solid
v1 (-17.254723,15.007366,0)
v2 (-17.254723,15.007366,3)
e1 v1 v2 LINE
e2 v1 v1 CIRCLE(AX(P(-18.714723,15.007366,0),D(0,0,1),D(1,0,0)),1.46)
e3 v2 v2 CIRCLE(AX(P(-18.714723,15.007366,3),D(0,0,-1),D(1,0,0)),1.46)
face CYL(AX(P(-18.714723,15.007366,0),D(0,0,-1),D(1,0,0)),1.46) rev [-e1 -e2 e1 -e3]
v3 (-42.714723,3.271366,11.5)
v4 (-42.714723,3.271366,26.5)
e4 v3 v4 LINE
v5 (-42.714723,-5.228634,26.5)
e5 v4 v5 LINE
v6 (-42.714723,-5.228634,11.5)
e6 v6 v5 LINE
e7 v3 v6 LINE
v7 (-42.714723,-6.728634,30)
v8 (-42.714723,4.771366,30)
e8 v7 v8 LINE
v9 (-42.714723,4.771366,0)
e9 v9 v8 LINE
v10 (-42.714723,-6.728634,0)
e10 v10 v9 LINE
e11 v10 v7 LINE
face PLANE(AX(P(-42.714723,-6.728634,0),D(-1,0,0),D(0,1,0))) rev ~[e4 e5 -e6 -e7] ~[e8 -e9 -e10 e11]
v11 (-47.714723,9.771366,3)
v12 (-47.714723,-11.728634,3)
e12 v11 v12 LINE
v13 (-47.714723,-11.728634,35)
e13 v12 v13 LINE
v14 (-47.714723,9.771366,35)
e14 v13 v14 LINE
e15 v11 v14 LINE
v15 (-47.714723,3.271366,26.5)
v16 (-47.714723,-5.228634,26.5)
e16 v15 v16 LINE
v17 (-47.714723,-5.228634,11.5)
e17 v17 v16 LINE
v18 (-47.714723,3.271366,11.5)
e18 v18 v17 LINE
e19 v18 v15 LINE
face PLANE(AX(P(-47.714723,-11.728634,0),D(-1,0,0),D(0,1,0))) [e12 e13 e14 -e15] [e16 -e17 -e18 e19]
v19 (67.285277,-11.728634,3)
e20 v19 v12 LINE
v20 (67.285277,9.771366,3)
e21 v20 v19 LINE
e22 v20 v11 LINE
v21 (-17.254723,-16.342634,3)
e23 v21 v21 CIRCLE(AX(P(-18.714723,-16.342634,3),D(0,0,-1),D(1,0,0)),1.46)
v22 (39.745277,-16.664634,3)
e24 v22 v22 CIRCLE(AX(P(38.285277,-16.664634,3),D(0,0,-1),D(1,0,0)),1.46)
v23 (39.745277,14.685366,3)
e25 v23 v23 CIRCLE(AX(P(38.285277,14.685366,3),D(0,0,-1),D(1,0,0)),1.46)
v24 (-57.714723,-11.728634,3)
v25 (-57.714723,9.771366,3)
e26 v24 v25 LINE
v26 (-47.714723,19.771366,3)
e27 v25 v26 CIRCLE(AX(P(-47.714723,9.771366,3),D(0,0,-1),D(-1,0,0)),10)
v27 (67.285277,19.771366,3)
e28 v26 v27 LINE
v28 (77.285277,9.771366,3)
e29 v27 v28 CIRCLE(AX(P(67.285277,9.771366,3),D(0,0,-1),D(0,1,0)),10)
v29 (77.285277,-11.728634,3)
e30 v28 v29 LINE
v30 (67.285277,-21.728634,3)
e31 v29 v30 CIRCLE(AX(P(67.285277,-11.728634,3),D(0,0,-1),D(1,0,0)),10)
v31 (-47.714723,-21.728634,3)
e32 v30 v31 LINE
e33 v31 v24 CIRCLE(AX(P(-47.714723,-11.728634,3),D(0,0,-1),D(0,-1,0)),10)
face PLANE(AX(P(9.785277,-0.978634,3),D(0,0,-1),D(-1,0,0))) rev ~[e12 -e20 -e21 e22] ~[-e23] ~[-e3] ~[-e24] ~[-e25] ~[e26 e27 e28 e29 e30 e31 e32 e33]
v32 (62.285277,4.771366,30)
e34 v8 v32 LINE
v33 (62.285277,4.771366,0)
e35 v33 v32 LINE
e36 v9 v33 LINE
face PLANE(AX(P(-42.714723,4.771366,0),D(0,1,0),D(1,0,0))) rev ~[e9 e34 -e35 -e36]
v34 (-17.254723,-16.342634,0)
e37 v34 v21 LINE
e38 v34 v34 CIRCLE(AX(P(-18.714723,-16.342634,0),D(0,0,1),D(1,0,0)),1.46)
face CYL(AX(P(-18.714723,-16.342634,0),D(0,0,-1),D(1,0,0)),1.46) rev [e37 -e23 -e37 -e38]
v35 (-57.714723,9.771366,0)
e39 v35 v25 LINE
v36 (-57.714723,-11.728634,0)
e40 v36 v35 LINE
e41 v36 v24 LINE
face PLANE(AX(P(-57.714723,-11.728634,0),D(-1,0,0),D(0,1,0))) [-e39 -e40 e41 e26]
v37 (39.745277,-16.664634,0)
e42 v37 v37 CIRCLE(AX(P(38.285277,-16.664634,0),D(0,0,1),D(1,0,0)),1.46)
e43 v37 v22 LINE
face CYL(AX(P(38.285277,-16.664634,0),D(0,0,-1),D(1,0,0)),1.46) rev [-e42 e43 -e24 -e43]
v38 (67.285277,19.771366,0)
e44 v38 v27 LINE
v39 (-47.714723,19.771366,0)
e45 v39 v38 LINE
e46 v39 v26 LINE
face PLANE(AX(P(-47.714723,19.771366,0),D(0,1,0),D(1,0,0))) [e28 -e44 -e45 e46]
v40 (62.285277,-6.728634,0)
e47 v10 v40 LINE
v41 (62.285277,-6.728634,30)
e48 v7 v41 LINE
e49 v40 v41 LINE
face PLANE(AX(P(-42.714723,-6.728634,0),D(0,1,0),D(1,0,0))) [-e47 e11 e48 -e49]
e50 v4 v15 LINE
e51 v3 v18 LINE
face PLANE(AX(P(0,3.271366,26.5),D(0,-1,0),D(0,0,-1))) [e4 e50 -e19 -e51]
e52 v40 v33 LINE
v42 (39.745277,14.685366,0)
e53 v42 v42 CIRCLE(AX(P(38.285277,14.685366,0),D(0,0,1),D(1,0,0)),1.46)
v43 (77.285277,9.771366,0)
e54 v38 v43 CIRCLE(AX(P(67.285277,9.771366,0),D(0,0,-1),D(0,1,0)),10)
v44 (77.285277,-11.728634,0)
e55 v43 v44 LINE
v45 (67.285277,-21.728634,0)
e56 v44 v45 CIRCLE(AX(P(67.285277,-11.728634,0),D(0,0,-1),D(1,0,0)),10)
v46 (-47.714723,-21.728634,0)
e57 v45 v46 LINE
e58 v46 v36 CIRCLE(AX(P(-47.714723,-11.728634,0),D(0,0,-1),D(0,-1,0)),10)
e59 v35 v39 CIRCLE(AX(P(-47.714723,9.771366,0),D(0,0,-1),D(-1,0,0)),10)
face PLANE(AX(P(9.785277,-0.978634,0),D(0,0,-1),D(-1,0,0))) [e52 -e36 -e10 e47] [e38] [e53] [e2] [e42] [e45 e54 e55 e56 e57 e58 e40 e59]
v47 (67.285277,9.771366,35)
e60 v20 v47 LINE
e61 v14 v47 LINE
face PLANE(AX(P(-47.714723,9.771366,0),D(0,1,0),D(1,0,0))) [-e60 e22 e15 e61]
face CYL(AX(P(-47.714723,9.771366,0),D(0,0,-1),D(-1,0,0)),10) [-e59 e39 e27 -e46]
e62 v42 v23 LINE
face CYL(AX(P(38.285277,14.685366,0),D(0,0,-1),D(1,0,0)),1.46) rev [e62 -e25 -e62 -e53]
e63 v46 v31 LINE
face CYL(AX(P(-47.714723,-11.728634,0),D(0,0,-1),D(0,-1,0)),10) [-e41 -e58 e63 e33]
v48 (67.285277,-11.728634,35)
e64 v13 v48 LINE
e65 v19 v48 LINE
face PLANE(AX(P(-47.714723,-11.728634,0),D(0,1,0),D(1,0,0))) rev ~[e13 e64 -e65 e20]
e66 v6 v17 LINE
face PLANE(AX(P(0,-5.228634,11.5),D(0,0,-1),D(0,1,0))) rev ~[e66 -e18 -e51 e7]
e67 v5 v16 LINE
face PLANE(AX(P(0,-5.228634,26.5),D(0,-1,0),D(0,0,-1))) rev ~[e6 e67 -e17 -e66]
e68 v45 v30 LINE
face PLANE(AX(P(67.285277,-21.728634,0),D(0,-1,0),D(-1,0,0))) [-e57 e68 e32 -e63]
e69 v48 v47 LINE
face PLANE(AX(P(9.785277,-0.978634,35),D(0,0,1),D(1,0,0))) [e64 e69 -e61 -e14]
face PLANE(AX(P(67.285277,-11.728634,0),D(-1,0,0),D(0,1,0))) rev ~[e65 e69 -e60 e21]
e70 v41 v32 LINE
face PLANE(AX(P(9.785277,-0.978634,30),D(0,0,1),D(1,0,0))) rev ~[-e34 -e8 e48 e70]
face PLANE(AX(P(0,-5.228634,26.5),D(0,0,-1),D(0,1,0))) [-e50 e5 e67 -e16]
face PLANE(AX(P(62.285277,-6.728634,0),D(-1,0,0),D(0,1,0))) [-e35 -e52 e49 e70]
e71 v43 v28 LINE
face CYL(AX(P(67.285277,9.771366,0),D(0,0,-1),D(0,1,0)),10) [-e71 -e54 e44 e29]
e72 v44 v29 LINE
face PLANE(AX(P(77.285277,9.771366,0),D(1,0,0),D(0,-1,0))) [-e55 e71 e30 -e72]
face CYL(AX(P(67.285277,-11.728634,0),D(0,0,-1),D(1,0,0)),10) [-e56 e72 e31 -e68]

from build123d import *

# Parameters (mm, degrees)
SKETCH2_W           = 115
SKETCH2_H           = 21.5
BOSS_EXTRUDE1_DEPTH = 35
BOSS_EXTRUDE2_DEPTH = 3
SKETCH8_W           = 105
SKETCH8_H           = 11.5
CUT_EXTRUDE2_DEPTH  = 30
SKETCH9_R           = 1.46
CUT_EXTRUDE3_DEPTH  = 33
SKETCH10_W          = 15
SKETCH10_H          = 8.5
CUT_EXTRUDE4_DEPTH  = 88


with BuildPart() as part:
    # Sketch2 → Boss-Extrude1 (new body)
    with BuildSketch(Plane.XY):
        with Locations((9.785277127, -0.97863388)):
            Rectangle(SKETCH2_W, SKETCH2_H)
    extrude(amount=BOSS_EXTRUDE1_DEPTH)

    # Sketch7 → Boss-Extrude2 (add)
    with BuildSketch(Plane.XY):
        with BuildLine():
            Line((-47.714722873, 19.77136612), (67.285277127, 19.77136612))
            ThreePointArc((67.285277127, 19.77136612), (74.356344939, 16.842433932), (77.285277127, 9.77136612))
            Line((77.285277127, 9.77136612), (77.285277127, -11.72863388))
            ThreePointArc((77.285277127, -11.72863388), (74.356344939, -18.799701692), (67.285277127, -21.72863388))
            Line((67.285277127, -21.72863388), (-47.714722873, -21.72863388))
            ThreePointArc((-47.714722873, -21.72863388), (-54.785790685, -18.799701692), (-57.714722873, -11.72863388))
            Line((-57.714722873, -11.72863388), (-57.714722873, 9.77136612))
            ThreePointArc((-57.714722873, 9.77136612), (-54.785790685, 16.842433932), (-47.714722873, 19.77136612))
        make_face()
    extrude(amount=BOSS_EXTRUDE2_DEPTH)

    # Sketch8 → Cut-Extrude2 (cut)
    with BuildSketch(Plane.XY):
        with Locations((9.785277127, -0.97863388)):
            Rectangle(SKETCH8_W, SKETCH8_H)
    extrude(amount=CUT_EXTRUDE2_DEPTH, mode=Mode.SUBTRACT)

    # Sketch9 → Cut-Extrude3 (cut)
    with BuildSketch(Plane.XY):
        with Locations((38.285277127, 14.68536612)):
            Circle(SKETCH9_R)
        with Locations((-18.714722873, 15.00736612)):
            Circle(SKETCH9_R)
        with Locations((-18.714722873, -16.34263388)):
            Circle(SKETCH9_R)
        with Locations((38.285277127, -16.66463388)):
            Circle(SKETCH9_R)
    extrude(amount=CUT_EXTRUDE3_DEPTH, mode=Mode.SUBTRACT)

    # Sketch10 → Cut-Extrude4 (cut)
    with BuildSketch(Plane(origin=(0, 0, 0), x_dir=(0, 0, -1), z_dir=(1, 0, 0))):
        with Locations((-19, -0.97863388)):
            Rectangle(SKETCH10_W, SKETCH10_H)
    extrude(amount=-CUT_EXTRUDE4_DEPTH, mode=Mode.SUBTRACT)


solid = part.part
